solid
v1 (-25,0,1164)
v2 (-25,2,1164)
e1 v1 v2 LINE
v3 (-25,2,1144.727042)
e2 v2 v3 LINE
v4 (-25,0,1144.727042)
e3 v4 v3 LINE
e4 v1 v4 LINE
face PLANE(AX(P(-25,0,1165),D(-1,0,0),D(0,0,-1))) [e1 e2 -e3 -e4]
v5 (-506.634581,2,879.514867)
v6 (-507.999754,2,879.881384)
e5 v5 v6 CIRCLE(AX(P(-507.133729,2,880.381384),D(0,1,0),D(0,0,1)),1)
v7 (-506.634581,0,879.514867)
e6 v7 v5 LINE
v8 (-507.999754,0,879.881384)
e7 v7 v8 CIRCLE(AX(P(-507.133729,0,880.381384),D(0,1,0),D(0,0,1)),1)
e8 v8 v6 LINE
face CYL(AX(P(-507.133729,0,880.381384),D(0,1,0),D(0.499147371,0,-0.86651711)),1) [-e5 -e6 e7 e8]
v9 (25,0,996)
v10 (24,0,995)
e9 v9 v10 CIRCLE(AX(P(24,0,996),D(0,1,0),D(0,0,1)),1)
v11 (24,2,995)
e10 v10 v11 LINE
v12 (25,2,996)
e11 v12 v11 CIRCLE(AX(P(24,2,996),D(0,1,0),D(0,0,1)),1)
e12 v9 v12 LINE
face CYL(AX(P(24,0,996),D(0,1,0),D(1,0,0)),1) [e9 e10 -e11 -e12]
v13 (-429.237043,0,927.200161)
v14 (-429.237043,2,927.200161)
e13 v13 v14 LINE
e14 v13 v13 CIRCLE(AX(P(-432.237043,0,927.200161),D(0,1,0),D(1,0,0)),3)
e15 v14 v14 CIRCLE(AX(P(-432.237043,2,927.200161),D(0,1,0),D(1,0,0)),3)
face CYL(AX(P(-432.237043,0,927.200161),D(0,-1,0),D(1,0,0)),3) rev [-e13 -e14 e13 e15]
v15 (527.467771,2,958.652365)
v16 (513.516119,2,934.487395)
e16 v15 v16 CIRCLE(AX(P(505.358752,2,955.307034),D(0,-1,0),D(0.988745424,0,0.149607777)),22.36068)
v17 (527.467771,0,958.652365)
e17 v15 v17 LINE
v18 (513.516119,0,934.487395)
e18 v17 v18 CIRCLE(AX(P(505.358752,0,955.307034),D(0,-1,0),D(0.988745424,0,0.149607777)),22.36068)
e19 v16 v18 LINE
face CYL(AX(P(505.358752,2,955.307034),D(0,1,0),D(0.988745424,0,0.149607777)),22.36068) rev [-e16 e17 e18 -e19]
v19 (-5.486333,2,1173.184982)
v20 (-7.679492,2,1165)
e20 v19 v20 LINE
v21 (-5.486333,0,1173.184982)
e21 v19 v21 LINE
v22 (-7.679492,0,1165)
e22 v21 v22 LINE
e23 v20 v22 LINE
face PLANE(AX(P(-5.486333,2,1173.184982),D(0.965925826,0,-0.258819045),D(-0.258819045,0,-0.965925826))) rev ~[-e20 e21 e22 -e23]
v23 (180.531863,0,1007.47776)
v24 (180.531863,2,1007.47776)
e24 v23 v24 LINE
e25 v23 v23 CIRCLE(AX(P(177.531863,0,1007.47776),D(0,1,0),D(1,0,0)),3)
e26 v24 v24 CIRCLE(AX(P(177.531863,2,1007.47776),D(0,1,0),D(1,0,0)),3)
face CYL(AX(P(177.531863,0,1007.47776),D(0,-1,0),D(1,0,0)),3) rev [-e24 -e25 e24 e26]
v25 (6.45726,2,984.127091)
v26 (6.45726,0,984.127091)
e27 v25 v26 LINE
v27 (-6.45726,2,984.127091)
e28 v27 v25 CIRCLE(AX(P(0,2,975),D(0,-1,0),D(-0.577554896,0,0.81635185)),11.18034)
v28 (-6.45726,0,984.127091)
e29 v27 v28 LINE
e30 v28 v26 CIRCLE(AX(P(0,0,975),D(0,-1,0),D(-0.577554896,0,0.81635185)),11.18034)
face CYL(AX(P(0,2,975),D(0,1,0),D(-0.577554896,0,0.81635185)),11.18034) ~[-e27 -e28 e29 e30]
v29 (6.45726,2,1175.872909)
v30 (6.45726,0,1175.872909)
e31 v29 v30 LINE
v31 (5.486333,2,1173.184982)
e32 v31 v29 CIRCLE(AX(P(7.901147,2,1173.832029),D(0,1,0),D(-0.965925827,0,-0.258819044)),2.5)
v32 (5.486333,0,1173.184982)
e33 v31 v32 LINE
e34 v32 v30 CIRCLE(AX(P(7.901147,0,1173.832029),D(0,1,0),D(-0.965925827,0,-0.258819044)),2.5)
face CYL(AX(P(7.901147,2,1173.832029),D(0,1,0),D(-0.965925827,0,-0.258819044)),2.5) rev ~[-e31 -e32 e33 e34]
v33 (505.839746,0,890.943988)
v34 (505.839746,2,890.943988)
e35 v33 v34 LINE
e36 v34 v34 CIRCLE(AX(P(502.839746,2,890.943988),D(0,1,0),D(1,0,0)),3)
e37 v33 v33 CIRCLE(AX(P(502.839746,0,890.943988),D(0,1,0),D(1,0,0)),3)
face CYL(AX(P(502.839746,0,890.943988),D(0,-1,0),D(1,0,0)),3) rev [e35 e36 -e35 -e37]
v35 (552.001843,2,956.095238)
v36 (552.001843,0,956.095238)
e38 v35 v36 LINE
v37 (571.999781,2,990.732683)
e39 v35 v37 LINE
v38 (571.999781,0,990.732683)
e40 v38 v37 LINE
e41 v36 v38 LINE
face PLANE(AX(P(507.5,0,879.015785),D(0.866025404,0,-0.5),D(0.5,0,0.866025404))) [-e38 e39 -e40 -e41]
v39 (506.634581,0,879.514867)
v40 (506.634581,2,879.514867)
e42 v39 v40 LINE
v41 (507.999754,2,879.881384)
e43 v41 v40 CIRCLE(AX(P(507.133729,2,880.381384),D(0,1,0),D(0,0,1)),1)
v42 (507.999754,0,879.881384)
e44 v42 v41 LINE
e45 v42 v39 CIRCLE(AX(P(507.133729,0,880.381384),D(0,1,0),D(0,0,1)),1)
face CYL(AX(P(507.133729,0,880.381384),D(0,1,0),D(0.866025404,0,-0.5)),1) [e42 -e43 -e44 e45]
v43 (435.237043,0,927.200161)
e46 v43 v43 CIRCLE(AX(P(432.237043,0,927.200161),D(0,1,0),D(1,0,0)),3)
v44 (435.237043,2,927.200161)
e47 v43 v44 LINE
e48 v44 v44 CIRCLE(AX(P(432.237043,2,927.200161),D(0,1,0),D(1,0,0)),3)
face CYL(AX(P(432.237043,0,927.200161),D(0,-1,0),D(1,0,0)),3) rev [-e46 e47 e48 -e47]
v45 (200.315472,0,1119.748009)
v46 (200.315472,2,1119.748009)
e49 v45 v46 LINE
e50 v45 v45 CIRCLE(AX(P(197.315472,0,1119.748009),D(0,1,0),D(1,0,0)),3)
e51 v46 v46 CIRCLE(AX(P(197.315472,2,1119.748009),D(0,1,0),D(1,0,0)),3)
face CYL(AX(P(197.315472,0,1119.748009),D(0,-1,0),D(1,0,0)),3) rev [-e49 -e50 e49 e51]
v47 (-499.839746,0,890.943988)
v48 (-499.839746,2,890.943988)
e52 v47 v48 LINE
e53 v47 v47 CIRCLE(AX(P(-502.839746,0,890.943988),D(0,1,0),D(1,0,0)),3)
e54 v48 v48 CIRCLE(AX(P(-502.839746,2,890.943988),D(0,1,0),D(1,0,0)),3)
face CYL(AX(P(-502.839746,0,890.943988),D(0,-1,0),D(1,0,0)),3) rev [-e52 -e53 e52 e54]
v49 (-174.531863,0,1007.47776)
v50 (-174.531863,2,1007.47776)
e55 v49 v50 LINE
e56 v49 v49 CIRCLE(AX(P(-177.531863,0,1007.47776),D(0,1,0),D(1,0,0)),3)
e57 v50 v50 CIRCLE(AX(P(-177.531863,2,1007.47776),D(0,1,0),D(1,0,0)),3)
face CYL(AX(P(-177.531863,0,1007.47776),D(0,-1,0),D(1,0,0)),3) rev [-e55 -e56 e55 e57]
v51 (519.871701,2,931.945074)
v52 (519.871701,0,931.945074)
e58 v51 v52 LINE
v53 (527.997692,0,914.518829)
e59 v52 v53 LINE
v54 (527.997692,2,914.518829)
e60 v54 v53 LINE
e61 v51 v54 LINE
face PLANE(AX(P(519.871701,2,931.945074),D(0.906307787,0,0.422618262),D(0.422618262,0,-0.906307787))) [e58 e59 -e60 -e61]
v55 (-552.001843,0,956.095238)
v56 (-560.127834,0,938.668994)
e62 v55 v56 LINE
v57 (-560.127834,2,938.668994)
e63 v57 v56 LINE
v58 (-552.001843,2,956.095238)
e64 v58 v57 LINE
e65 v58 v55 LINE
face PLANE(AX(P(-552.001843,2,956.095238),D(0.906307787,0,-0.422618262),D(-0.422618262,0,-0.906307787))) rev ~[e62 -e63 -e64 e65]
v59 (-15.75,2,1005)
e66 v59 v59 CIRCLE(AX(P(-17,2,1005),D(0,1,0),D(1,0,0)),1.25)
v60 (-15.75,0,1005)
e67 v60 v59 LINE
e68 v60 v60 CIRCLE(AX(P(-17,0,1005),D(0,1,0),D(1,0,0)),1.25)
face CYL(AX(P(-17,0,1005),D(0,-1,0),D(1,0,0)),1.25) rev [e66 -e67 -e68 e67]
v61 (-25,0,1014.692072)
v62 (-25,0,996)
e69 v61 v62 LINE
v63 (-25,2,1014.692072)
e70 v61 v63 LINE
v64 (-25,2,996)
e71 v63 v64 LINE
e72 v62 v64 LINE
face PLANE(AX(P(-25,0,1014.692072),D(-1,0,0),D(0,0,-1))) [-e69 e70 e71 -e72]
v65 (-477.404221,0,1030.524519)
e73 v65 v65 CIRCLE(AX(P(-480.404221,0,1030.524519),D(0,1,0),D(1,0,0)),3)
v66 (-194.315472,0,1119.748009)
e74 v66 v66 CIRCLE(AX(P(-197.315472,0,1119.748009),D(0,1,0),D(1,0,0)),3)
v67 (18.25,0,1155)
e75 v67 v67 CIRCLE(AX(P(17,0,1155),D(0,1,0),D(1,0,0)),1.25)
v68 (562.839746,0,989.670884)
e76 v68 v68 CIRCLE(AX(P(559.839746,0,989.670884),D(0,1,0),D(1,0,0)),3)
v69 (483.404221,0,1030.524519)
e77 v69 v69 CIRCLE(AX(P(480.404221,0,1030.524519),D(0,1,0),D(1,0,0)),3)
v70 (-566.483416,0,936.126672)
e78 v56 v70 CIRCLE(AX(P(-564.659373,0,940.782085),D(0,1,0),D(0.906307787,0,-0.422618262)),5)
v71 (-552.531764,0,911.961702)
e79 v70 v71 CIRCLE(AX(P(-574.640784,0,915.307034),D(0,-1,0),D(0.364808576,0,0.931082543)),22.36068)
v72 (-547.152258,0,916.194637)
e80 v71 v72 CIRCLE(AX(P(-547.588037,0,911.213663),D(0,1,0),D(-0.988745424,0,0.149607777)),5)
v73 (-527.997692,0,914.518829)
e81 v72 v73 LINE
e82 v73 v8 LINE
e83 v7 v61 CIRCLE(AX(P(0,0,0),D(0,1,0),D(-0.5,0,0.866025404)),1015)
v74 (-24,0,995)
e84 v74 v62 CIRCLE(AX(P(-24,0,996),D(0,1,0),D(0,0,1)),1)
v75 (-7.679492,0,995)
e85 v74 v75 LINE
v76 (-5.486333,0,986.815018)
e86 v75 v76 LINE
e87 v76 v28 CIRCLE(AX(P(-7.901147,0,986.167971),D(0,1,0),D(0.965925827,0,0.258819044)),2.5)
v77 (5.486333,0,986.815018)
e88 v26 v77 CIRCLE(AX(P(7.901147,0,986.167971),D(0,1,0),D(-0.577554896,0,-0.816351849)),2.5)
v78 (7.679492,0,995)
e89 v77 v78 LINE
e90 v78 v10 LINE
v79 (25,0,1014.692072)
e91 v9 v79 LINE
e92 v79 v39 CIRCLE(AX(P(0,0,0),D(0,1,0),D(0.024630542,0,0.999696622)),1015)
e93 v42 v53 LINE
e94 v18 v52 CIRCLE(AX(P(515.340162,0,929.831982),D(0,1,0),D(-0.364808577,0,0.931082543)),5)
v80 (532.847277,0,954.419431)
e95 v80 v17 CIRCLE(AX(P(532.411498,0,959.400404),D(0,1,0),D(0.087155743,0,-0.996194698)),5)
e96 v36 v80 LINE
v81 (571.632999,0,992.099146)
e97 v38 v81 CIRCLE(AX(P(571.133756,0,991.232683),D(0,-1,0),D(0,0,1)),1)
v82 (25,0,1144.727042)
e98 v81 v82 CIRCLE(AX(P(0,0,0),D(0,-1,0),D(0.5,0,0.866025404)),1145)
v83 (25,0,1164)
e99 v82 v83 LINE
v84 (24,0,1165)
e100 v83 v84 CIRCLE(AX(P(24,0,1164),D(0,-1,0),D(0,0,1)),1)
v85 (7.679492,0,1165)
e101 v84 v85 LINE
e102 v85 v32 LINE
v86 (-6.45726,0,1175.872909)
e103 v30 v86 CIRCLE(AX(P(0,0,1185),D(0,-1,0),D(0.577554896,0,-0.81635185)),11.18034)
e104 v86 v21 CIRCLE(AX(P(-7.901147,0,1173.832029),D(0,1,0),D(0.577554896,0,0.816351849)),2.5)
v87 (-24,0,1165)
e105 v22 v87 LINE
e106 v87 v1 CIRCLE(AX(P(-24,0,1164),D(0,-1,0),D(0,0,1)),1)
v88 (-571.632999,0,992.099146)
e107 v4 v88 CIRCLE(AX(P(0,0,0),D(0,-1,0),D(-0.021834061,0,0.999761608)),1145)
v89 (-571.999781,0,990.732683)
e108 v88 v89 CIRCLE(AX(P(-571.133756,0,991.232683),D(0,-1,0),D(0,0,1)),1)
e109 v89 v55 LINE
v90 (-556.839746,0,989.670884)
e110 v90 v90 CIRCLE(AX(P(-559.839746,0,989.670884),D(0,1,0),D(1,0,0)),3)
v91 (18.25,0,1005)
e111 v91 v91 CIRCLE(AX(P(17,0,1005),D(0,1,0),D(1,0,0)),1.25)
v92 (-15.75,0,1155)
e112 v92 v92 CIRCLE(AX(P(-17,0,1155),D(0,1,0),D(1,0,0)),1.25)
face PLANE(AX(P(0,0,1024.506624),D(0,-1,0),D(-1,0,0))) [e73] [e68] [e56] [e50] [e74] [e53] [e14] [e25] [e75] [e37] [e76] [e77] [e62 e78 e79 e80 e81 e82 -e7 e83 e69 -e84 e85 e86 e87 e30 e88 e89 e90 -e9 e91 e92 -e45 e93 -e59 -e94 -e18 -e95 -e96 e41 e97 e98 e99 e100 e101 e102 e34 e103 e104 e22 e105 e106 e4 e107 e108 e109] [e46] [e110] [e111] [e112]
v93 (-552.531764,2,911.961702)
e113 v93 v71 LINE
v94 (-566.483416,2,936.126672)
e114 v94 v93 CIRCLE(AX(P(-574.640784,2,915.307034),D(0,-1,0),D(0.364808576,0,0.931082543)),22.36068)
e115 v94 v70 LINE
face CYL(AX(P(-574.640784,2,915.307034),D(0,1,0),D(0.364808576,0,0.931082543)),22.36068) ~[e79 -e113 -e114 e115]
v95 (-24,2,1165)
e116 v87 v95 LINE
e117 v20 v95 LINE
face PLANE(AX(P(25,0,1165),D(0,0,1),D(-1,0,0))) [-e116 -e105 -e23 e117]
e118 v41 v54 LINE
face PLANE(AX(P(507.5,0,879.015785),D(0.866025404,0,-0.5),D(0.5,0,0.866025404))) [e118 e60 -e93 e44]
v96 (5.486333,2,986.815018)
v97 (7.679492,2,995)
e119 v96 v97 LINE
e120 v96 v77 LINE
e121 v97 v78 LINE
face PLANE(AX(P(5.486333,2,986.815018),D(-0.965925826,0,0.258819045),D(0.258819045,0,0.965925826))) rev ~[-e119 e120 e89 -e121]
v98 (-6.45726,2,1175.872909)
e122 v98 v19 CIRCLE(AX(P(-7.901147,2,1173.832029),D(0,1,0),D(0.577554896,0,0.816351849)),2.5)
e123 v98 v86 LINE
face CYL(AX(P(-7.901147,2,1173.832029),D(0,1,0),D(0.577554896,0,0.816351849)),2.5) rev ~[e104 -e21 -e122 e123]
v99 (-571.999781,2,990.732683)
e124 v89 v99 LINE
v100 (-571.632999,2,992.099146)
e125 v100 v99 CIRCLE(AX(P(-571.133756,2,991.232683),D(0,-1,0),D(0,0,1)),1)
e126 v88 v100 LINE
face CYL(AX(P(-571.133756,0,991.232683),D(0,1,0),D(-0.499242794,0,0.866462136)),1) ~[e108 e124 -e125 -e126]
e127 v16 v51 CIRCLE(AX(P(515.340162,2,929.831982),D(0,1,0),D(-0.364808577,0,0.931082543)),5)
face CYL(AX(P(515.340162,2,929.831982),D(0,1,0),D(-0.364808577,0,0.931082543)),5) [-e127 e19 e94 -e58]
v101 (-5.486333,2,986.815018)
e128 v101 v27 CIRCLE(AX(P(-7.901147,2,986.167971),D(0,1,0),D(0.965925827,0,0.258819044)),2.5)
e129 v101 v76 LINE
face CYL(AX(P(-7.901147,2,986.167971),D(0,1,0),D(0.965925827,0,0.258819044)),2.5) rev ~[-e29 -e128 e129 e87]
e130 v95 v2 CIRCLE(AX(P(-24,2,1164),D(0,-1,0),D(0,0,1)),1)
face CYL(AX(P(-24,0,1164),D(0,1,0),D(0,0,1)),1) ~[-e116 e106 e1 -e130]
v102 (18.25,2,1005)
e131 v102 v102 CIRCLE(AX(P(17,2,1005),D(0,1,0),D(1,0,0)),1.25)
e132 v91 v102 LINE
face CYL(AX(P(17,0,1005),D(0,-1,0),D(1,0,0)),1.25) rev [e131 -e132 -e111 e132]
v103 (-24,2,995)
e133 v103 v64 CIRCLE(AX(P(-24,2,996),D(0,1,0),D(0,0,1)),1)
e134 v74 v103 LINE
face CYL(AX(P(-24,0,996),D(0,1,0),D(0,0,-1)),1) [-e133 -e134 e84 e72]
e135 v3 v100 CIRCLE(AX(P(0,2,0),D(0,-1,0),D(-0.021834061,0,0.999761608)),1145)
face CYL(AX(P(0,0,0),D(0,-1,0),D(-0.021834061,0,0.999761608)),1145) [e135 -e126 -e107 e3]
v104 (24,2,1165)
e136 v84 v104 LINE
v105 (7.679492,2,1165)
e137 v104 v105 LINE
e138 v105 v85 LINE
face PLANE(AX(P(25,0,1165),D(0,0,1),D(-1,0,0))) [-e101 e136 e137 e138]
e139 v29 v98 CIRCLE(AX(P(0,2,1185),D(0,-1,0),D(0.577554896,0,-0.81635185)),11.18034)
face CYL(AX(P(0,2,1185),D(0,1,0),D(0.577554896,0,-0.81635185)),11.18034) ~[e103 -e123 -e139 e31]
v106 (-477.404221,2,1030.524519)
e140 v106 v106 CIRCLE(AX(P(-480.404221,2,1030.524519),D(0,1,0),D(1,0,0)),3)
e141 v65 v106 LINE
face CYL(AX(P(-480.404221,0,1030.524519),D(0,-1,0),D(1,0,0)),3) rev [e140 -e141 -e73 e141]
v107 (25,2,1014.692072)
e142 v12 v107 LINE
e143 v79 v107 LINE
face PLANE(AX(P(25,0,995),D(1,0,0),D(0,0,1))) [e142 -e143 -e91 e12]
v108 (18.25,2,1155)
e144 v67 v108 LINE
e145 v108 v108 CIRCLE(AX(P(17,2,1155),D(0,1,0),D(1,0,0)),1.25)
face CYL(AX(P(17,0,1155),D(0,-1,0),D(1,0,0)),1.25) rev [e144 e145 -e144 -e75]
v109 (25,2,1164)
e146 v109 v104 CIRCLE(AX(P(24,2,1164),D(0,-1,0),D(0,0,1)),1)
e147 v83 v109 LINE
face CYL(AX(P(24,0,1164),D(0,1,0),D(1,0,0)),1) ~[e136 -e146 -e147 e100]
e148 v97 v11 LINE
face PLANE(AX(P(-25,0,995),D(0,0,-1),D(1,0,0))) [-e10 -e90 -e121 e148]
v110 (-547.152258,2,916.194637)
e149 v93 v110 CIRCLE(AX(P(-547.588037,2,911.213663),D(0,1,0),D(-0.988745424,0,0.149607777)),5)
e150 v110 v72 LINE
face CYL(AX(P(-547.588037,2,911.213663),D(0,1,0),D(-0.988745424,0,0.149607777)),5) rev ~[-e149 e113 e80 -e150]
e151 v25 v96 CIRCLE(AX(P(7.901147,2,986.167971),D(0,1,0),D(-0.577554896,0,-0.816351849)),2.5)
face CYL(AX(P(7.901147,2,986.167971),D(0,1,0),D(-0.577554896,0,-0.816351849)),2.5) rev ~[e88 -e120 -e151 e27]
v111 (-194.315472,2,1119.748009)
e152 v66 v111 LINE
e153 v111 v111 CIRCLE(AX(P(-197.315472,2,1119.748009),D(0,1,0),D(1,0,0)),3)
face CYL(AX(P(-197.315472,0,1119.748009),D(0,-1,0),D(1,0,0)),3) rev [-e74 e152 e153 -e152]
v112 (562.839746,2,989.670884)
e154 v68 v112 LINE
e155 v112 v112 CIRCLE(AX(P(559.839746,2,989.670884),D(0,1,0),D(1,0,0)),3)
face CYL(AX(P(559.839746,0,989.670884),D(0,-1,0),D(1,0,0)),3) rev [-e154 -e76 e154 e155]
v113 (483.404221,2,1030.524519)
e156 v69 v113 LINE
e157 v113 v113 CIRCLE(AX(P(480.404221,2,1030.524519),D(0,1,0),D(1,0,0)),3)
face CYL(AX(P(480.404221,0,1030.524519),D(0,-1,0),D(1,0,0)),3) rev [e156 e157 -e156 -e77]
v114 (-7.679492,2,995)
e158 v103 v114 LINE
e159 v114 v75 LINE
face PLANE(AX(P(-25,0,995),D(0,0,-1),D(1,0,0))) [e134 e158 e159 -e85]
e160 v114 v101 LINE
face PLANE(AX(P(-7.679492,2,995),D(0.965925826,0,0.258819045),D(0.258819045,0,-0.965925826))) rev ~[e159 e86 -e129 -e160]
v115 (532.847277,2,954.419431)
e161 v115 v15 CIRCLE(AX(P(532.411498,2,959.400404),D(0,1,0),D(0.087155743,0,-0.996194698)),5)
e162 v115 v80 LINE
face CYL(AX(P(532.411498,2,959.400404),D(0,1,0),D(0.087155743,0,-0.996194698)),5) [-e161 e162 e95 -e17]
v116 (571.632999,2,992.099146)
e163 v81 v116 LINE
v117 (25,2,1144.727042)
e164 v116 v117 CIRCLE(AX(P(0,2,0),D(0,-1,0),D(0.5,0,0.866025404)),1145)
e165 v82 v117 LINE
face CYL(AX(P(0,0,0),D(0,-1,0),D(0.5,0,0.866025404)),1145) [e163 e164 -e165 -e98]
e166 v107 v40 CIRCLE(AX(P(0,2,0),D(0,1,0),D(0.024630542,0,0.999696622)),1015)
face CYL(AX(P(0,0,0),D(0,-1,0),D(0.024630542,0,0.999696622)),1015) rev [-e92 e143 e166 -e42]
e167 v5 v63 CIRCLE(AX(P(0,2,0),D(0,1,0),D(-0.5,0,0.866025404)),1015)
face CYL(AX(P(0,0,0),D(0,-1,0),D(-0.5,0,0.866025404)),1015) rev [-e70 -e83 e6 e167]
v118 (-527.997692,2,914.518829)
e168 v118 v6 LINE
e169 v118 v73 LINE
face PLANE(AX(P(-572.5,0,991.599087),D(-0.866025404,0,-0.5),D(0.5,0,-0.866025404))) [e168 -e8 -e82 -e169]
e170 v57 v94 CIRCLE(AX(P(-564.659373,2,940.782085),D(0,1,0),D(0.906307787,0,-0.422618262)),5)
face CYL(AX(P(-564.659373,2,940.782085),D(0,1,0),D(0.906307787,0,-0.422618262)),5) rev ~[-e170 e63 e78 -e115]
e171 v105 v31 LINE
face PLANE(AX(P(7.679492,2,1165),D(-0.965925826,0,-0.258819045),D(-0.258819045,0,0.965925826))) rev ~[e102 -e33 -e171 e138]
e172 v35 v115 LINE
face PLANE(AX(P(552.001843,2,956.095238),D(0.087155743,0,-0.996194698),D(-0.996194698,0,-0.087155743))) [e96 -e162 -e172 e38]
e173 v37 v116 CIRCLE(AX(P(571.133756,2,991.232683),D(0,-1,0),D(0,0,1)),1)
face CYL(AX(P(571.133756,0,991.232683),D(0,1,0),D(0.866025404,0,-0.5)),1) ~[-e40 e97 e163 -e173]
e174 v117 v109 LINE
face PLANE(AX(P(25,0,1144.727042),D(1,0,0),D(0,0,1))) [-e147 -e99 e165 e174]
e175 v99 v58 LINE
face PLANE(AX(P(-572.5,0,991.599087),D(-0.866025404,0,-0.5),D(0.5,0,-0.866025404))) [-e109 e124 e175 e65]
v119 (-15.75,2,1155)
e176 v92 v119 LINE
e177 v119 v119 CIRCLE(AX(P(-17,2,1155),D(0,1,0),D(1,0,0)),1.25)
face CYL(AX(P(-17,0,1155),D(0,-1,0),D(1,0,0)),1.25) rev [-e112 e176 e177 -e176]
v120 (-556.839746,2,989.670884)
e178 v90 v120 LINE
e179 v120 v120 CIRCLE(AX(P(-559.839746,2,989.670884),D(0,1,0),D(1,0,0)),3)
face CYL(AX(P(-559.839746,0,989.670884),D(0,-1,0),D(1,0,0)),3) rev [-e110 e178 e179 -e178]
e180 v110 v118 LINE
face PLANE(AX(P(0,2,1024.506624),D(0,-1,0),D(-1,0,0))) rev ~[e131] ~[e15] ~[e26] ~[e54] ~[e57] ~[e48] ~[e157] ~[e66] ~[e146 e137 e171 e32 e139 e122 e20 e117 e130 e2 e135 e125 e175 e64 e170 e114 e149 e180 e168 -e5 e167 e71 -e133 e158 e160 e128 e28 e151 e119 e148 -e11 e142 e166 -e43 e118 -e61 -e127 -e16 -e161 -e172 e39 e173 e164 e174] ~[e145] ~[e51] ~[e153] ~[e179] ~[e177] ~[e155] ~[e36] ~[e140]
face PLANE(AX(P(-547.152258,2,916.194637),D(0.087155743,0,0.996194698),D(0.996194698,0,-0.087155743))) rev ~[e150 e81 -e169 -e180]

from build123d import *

# Parameters (mm, degrees)
SKETCH1_R           = 1.25
SKETCH1_R_2         = 3
BOSS_EXTRUDE2_DEPTH = 2
FILLET1_R           = 1
CUT_EXTRUDE1_DEPTH  = 2
BOSS_EXTRUDE3_DEPTH = 2


with BuildPart() as part:
    # Sketch1 → Boss-Extrude2 (new body)
    with BuildSketch(Plane(origin=(0, 0, 0), x_dir=(1, 0, 0), z_dir=(0, 1, 0))):
        with BuildLine():
            Line((507.5, -879.015784841), (572.5, -991.599087333))
            ThreePointArc((572.5, -991.599087333), (308.404936897, -1102.683723875), (25, -1144.7270417))
            Line((25, -1144.7270417), (25, -1165))
            Line((25, -1165), (-25, -1165))
            Line((-25, -1165), (-25, -1144.7270417))
            ThreePointArc((-25, -1144.7270417), (-308.404936897, -1102.683723875), (-572.5, -991.599087333))
            Line((-572.5, -991.599087333), (-507.5, -879.015784841))
            ThreePointArc((-507.5, -879.015784841), (-274.756394269, -977.104868378), (-25, -1014.692071517))
            Line((-25, -1014.692071517), (-25, -995))
            Line((-25, -995), (25, -995))
            Line((25, -995), (25, -1014.692071517))
            ThreePointArc((25, -1014.692071517), (274.756394269, -977.104868378), (507.5, -879.015784841))
        make_face()
        with Locations((-17, -1005)):
            Circle(SKETCH1_R, mode=Mode.SUBTRACT)
        with Locations((17, -1005)):
            Circle(SKETCH1_R, mode=Mode.SUBTRACT)
        with Locations((502.839745962, -890.943988071)):
            Circle(SKETCH1_R_2, mode=Mode.SUBTRACT)
        with Locations((559.839745962, -989.670884103)):
            Circle(SKETCH1_R_2, mode=Mode.SUBTRACT)
        with Locations((480.404221067, -1030.524519059)):
            Circle(SKETCH1_R_2, mode=Mode.SUBTRACT)
        with Locations((432.237043229, -927.200160947)):
            Circle(SKETCH1_R_2, mode=Mode.SUBTRACT)
        with Locations((-17, -1155)):
            Circle(SKETCH1_R, mode=Mode.SUBTRACT)
        with Locations((17, -1155)):
            Circle(SKETCH1_R, mode=Mode.SUBTRACT)
        with Locations((177.531862859, -1007.477760385)):
            Circle(SKETCH1_R_2, mode=Mode.SUBTRACT)
        with Locations((197.315472209, -1119.748009343)):
            Circle(SKETCH1_R_2, mode=Mode.SUBTRACT)
        with Locations((-559.839745962, -989.670884103)):
            Circle(SKETCH1_R_2, mode=Mode.SUBTRACT)
        with Locations((-502.839745962, -890.943988071)):
            Circle(SKETCH1_R_2, mode=Mode.SUBTRACT)
        with Locations((-480.404221067, -1030.524519059)):
            Circle(SKETCH1_R_2, mode=Mode.SUBTRACT)
        with Locations((-432.237043229, -927.200160947)):
            Circle(SKETCH1_R_2, mode=Mode.SUBTRACT)
        with Locations((-197.315472209, -1119.748009343)):
            Circle(SKETCH1_R_2, mode=Mode.SUBTRACT)
        with Locations((-177.531862859, -1007.477760385)):
            Circle(SKETCH1_R_2, mode=Mode.SUBTRACT)
    extrude(amount=BOSS_EXTRUDE2_DEPTH)

    # Fillet1
    fillet1_edges = [part.edges().sort_by_distance(p)[0] for p in [
        (25, 1, 1165),
        (-25, 1, 1165),
        (-572.5, 1, 991.599087333),
        (-507.5, 1, 879.015784841),
        (-25, 1, 995),
        (25, 1, 995),
        (507.5, 1, 879.015784841),
        (572.5, 1, 991.599087333),
    ]]
    fillet(fillet1_edges, radius=FILLET1_R)

    # Sketch3 → Cut-Extrude1 (cut)
    with BuildSketch(Plane(origin=(0, 2, 0), x_dir=(1, 0, 0), z_dir=(0, 1, 0))):
        with BuildLine():
            Line((519.871701126, -931.945073732), (527.997692321, -914.518829378))
            Line((527.997692321, -914.518829378), (552.001843085, -956.095238095))
            Line((552.001843085, -956.095238095), (532.847277184, -954.419430724))
            ThreePointArc((532.847277184, -954.419430724), (529.319600421, -955.471006493), (527.467771352, -958.652365329))
            ThreePointArc((527.467771352, -958.652365329), (485.99383482, -966.487373624), (513.516119308, -934.48739514))
            ThreePointArc((513.516119308, -934.48739514), (517.197171414, -934.474343541), (519.871701126, -931.945073732))
        make_face()
    extrude(amount=-CUT_EXTRUDE1_DEPTH, mode=Mode.SUBTRACT)

    # Sketch4 → Boss-Extrude3 (add)
    with BuildSketch(Plane(origin=(0, 2, 0), x_dir=(1, 0, 0), z_dir=(0, 1, 0))):
        with BuildLine():
            Line((-547.152258221, -916.194636749), (-527.997692321, -914.518829378))
            Line((-527.997692321, -914.518829378), (-552.001843085, -956.095238095))
            Line((-552.001843085, -956.095238095), (-560.12783428, -938.668993741))
            ThreePointArc((-560.12783428, -938.668993741), (-562.802363992, -936.139723932), (-566.483416097, -936.126672333))
            ThreePointArc((-566.483416097, -936.126672333), (-594.005700585, -904.126693849), (-552.531764054, -911.961702144))
            ThreePointArc((-552.531764054, -911.961702144), (-550.679934984, -915.14306098), (-547.152258221, -916.194636749))
        make_face()
        with BuildLine():
            Line((5.48633271, -986.815018385), (7.679491924, -995))
            Line((7.679491924, -995), (-7.679491924, -995))
            Line((-7.679491924, -995), (-5.48633271, -986.815018385))
            ThreePointArc((-5.48633271, -986.815018385), (-5.549842721, -985.31863757), (-6.457260037, -984.127091147))
            ThreePointArc((-6.457260037, -984.127091147), (0, -963.819660113), (6.457260037, -984.127091147))
            ThreePointArc((6.457260037, -984.127091147), (5.549842721, -985.31863757), (5.48633271, -986.815018385))
        make_face()
        with BuildLine():
            Line((-7.679491924, -1165), (7.679491924, -1165))
            Line((7.679491924, -1165), (5.48633271, -1173.184981615))
            ThreePointArc((5.48633271, -1173.184981615), (5.549842721, -1174.68136243), (6.457260037, -1175.872908853))
            ThreePointArc((6.457260037, -1175.872908853), (0, -1196.180339887), (-6.457260037, -1175.872908853))
            ThreePointArc((-6.457260037, -1175.872908853), (-5.549842721, -1174.68136243), (-5.48633271, -1173.184981615))
            Line((-5.48633271, -1173.184981615), (-7.679491924, -1165))
        make_face()
    extrude(amount=-BOSS_EXTRUDE3_DEPTH)


solid = part.part
